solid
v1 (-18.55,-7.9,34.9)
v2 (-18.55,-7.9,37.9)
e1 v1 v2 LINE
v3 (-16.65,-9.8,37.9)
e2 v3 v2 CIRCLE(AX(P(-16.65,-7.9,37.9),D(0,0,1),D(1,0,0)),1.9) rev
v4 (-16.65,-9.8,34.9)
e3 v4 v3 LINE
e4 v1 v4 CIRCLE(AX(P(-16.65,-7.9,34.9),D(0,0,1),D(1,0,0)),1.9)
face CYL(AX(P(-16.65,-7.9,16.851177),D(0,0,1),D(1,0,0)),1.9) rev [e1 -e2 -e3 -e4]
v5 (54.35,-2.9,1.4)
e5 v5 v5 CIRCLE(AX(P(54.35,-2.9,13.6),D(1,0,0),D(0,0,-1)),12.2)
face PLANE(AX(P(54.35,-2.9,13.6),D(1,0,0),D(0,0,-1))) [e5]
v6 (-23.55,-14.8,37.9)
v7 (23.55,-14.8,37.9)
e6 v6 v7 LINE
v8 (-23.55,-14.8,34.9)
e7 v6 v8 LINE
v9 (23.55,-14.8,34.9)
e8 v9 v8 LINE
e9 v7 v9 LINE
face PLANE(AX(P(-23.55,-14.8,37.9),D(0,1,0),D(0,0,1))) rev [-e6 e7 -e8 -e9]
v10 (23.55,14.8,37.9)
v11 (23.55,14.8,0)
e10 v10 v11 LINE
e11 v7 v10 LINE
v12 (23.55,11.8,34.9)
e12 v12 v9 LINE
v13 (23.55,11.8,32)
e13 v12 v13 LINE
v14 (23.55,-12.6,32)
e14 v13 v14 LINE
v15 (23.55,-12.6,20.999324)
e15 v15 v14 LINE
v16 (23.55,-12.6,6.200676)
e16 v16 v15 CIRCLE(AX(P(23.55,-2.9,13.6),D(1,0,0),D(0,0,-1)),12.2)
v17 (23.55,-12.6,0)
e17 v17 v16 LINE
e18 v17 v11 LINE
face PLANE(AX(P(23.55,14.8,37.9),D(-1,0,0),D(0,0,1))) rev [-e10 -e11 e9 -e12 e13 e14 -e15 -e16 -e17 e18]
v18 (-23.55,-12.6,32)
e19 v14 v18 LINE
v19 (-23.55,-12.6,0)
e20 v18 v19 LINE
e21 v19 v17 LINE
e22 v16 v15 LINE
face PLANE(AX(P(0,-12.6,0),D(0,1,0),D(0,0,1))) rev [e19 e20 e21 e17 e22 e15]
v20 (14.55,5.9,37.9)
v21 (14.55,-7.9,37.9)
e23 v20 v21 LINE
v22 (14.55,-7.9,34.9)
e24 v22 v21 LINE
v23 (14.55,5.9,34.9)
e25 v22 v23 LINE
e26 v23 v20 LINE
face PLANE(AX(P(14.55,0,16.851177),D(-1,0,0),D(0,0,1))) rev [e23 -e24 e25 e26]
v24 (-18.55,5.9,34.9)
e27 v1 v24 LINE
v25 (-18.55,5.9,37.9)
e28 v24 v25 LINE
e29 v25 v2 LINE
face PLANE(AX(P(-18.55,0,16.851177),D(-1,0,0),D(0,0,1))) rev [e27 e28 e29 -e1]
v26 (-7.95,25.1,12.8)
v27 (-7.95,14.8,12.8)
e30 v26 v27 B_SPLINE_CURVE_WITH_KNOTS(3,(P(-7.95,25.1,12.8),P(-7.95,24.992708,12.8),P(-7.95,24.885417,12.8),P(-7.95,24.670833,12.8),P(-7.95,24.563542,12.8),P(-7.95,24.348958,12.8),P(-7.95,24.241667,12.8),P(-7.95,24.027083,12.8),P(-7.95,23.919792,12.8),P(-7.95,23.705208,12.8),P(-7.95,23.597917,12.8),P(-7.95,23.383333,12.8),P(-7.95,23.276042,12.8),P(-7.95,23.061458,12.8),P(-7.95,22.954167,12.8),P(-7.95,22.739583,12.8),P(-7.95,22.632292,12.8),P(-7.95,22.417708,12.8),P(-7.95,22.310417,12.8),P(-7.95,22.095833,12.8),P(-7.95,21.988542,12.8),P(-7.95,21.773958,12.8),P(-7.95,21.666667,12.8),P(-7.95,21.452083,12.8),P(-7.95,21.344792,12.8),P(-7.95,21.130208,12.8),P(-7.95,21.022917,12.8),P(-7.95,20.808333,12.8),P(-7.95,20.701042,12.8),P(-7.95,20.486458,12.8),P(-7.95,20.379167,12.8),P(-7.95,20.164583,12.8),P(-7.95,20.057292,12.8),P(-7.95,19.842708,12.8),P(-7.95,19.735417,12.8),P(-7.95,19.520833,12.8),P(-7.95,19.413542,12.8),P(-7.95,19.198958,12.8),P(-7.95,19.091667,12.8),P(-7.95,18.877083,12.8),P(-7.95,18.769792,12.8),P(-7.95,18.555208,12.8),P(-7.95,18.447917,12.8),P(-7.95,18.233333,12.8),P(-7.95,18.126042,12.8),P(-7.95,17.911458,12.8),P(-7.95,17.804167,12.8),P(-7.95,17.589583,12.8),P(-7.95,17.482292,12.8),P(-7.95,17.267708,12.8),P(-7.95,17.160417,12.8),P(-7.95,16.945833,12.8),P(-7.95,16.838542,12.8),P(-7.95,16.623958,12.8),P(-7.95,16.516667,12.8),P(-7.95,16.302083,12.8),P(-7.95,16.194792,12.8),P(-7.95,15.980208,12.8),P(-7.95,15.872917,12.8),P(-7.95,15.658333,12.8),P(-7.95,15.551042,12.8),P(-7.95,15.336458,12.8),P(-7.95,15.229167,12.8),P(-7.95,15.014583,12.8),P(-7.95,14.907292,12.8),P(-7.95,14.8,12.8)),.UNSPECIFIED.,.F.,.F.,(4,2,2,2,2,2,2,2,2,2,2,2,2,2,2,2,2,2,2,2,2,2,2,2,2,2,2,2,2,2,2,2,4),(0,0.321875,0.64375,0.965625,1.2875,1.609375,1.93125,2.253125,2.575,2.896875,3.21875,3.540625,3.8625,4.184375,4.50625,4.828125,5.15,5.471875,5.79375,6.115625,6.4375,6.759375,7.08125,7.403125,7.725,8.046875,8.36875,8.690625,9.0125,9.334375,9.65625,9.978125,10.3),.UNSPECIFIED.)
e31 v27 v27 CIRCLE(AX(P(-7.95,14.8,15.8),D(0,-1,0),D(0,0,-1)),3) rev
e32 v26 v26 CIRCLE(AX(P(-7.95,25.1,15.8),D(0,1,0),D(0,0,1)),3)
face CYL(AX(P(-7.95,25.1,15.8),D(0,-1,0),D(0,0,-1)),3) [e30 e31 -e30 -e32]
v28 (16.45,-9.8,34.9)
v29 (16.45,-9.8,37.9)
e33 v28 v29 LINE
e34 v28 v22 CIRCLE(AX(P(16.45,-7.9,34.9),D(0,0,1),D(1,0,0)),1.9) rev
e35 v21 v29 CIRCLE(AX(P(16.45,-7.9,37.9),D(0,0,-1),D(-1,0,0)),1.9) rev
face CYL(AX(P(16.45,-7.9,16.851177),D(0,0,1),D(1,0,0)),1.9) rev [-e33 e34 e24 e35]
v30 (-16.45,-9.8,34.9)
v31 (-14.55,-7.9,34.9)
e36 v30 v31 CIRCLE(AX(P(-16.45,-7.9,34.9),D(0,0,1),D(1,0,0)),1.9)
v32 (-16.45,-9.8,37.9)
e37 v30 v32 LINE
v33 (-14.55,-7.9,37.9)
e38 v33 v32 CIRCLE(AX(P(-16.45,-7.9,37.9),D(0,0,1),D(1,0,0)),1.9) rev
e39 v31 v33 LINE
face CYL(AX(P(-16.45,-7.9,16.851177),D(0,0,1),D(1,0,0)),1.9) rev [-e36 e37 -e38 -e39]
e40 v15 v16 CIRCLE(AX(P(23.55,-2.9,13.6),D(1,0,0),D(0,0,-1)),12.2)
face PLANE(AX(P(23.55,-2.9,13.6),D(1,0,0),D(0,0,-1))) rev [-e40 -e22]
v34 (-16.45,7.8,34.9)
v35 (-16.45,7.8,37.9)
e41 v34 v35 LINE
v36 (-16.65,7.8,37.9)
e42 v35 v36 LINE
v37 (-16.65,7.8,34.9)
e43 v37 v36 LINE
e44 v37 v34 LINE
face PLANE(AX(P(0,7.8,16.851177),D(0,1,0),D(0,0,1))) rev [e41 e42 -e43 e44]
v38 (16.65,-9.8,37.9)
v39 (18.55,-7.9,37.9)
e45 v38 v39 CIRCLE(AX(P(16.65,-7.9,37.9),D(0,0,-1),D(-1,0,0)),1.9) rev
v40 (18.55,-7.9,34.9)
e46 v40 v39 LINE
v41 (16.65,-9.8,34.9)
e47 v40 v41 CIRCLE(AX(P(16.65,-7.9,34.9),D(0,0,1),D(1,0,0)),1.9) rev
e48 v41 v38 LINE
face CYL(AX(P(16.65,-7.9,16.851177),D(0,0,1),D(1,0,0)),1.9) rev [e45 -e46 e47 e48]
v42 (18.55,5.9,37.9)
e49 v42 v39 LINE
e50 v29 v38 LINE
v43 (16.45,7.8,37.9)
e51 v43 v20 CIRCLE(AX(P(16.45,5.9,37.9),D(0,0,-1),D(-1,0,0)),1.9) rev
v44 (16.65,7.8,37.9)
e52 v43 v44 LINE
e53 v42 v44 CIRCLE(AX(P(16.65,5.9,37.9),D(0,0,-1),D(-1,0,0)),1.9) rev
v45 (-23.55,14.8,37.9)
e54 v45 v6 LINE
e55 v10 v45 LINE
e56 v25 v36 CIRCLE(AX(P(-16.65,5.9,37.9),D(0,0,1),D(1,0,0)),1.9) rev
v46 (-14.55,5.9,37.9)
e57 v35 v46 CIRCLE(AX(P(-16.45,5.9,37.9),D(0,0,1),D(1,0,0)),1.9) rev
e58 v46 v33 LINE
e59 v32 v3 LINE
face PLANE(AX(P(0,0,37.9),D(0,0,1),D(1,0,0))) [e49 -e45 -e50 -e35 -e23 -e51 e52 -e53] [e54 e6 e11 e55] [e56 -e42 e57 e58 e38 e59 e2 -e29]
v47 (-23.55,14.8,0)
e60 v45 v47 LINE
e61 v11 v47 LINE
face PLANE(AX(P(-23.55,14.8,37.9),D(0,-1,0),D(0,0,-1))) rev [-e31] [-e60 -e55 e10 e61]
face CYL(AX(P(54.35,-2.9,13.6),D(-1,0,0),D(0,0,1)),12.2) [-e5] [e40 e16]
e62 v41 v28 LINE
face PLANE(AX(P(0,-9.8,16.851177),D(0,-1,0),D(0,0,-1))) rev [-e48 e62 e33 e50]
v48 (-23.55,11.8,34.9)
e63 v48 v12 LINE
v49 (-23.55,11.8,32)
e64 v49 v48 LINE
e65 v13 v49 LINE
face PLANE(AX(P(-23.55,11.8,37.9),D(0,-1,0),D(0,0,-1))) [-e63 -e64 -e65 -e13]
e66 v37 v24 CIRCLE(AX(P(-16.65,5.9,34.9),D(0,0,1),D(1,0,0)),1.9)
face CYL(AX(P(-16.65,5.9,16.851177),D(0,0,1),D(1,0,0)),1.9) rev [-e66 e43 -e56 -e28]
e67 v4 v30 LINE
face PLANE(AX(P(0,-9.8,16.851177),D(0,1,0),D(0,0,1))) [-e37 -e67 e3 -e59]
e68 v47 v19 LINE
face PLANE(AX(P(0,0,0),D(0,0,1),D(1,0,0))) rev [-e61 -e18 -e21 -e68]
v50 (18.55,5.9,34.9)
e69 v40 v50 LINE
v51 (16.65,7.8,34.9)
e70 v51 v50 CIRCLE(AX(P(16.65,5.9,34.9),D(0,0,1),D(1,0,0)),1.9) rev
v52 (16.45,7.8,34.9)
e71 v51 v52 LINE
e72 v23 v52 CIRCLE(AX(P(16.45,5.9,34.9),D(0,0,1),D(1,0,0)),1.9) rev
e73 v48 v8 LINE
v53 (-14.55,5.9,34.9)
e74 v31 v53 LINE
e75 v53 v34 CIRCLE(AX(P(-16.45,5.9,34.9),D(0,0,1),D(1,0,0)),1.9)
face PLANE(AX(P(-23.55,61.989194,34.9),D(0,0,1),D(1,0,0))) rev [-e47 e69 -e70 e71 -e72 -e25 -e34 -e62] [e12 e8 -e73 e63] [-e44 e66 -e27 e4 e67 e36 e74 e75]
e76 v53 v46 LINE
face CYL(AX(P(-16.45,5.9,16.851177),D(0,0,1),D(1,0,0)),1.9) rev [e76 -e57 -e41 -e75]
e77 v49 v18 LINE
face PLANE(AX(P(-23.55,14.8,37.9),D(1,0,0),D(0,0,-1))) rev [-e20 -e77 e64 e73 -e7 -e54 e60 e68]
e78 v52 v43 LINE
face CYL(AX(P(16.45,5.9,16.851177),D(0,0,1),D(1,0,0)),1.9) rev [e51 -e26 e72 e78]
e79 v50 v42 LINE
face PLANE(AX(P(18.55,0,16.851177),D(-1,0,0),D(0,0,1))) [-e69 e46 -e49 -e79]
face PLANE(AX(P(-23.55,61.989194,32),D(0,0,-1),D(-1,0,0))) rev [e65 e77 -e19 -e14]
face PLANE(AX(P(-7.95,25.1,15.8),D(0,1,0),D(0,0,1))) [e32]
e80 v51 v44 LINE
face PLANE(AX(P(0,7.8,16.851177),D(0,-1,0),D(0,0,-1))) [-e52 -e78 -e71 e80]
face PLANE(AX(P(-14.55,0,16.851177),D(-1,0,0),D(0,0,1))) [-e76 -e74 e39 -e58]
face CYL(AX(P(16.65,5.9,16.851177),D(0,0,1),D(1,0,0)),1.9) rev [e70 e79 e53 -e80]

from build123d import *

# Parameters (mm, degrees)
SKETCH_4_W            = 47.1
SKETCH_4_H            = 29.6
EXTRUDE_256_DEPTH     = 37.9
SKETCH_8_W            = 47.1
SKETCH_8_H            = 32
CUT_EXTRUDE_1_DEPTH   = 2.2
SKETCH_12_W           = 47.1
SKETCH_12_H           = 2.9
CUT_EXTRUDE_619_DEPTH = 26.6
CUT_EXTRUDE_3_DEPTH   = 3
SKETCH_17_R           = 3
EXTRUDE_1677_DEPTH    = 10.3
SKETCH_19_R           = 12.2
EXTRUDE_1895_DEPTH    = 30.8


with BuildPart() as part:
    # 草图4 → Extrude 256 (new body)
    with BuildSketch(Plane.XY):
        Rectangle(SKETCH_4_W, SKETCH_4_H)
    extrude(amount=EXTRUDE_256_DEPTH)

    # 草图8 → 切除-拉伸1 (cut)
    with BuildSketch(Plane.XZ.offset(14.8)):
        with Locations((0, 16)):
            Rectangle(SKETCH_8_W, SKETCH_8_H)
    extrude(amount=-CUT_EXTRUDE_1_DEPTH, mode=Mode.SUBTRACT)

    # 草图12 → Cut-Extrude 619 (cut)
    with BuildSketch(Plane.XZ.offset(14.8)):
        with Locations((0, 33.45)):
            Rectangle(SKETCH_12_W, SKETCH_12_H)
    extrude(amount=-CUT_EXTRUDE_619_DEPTH, mode=Mode.SUBTRACT)

    # 草图14 → 切除-拉伸3 (cut)
    with BuildSketch(Plane.XY.offset(37.9)):
        with BuildLine():
            ThreePointArc((-14.55, 5.9), (-15.106497116, 7.243502884), (-16.45, 7.8))
            Line((-16.45, 7.8), (-16.65, 7.8))
            ThreePointArc((-16.65, 7.8), (-17.993502884, 7.243502884), (-18.55, 5.9))
            Line((-18.55, 5.9), (-18.55, -7.9))
            ThreePointArc((-18.55, -7.9), (-17.993502884, -9.243502884), (-16.65, -9.8))
            Line((-16.65, -9.8), (-16.45, -9.8))
            ThreePointArc((-16.45, -9.8), (-15.106497116, -9.243502884), (-14.55, -7.9))
            Line((-14.55, -7.9), (-14.55, 5.9))
        make_face()
    cut_extrude_3 = extrude(amount=-CUT_EXTRUDE_3_DEPTH, mode=Mode.SUBTRACT)

    # 镜向3: 切除-拉伸3 across plane
    add(cut_extrude_3.mirror(Plane(origin=(0, 0, 0), x_dir=(0, 0, 1), z_dir=(1, 0, 0))), mode=Mode.SUBTRACT)

    # 草图17 → Extrude 1677 (add)
    with BuildSketch(Plane(origin=(0, 14.8, 0), x_dir=(1, 0, 0), z_dir=(0, 1, 0))):
        with Locations(Location((-7.95, -15.8, 0), (0, 0, 90))):
            Circle(SKETCH_17_R)
    extrude(amount=EXTRUDE_1677_DEPTH)

    # 草图19 → Extrude 1895 (add)
    with BuildSketch(Plane(origin=(23.55, 0, 0), x_dir=(0, 0, -1), z_dir=(1, 0, 0))):
        with Locations(Location((-13.6, -2.9, 0), (0, 0, 232.66299834))):
            Circle(SKETCH_19_R)
    extrude(amount=EXTRUDE_1895_DEPTH)


solid = part.part
